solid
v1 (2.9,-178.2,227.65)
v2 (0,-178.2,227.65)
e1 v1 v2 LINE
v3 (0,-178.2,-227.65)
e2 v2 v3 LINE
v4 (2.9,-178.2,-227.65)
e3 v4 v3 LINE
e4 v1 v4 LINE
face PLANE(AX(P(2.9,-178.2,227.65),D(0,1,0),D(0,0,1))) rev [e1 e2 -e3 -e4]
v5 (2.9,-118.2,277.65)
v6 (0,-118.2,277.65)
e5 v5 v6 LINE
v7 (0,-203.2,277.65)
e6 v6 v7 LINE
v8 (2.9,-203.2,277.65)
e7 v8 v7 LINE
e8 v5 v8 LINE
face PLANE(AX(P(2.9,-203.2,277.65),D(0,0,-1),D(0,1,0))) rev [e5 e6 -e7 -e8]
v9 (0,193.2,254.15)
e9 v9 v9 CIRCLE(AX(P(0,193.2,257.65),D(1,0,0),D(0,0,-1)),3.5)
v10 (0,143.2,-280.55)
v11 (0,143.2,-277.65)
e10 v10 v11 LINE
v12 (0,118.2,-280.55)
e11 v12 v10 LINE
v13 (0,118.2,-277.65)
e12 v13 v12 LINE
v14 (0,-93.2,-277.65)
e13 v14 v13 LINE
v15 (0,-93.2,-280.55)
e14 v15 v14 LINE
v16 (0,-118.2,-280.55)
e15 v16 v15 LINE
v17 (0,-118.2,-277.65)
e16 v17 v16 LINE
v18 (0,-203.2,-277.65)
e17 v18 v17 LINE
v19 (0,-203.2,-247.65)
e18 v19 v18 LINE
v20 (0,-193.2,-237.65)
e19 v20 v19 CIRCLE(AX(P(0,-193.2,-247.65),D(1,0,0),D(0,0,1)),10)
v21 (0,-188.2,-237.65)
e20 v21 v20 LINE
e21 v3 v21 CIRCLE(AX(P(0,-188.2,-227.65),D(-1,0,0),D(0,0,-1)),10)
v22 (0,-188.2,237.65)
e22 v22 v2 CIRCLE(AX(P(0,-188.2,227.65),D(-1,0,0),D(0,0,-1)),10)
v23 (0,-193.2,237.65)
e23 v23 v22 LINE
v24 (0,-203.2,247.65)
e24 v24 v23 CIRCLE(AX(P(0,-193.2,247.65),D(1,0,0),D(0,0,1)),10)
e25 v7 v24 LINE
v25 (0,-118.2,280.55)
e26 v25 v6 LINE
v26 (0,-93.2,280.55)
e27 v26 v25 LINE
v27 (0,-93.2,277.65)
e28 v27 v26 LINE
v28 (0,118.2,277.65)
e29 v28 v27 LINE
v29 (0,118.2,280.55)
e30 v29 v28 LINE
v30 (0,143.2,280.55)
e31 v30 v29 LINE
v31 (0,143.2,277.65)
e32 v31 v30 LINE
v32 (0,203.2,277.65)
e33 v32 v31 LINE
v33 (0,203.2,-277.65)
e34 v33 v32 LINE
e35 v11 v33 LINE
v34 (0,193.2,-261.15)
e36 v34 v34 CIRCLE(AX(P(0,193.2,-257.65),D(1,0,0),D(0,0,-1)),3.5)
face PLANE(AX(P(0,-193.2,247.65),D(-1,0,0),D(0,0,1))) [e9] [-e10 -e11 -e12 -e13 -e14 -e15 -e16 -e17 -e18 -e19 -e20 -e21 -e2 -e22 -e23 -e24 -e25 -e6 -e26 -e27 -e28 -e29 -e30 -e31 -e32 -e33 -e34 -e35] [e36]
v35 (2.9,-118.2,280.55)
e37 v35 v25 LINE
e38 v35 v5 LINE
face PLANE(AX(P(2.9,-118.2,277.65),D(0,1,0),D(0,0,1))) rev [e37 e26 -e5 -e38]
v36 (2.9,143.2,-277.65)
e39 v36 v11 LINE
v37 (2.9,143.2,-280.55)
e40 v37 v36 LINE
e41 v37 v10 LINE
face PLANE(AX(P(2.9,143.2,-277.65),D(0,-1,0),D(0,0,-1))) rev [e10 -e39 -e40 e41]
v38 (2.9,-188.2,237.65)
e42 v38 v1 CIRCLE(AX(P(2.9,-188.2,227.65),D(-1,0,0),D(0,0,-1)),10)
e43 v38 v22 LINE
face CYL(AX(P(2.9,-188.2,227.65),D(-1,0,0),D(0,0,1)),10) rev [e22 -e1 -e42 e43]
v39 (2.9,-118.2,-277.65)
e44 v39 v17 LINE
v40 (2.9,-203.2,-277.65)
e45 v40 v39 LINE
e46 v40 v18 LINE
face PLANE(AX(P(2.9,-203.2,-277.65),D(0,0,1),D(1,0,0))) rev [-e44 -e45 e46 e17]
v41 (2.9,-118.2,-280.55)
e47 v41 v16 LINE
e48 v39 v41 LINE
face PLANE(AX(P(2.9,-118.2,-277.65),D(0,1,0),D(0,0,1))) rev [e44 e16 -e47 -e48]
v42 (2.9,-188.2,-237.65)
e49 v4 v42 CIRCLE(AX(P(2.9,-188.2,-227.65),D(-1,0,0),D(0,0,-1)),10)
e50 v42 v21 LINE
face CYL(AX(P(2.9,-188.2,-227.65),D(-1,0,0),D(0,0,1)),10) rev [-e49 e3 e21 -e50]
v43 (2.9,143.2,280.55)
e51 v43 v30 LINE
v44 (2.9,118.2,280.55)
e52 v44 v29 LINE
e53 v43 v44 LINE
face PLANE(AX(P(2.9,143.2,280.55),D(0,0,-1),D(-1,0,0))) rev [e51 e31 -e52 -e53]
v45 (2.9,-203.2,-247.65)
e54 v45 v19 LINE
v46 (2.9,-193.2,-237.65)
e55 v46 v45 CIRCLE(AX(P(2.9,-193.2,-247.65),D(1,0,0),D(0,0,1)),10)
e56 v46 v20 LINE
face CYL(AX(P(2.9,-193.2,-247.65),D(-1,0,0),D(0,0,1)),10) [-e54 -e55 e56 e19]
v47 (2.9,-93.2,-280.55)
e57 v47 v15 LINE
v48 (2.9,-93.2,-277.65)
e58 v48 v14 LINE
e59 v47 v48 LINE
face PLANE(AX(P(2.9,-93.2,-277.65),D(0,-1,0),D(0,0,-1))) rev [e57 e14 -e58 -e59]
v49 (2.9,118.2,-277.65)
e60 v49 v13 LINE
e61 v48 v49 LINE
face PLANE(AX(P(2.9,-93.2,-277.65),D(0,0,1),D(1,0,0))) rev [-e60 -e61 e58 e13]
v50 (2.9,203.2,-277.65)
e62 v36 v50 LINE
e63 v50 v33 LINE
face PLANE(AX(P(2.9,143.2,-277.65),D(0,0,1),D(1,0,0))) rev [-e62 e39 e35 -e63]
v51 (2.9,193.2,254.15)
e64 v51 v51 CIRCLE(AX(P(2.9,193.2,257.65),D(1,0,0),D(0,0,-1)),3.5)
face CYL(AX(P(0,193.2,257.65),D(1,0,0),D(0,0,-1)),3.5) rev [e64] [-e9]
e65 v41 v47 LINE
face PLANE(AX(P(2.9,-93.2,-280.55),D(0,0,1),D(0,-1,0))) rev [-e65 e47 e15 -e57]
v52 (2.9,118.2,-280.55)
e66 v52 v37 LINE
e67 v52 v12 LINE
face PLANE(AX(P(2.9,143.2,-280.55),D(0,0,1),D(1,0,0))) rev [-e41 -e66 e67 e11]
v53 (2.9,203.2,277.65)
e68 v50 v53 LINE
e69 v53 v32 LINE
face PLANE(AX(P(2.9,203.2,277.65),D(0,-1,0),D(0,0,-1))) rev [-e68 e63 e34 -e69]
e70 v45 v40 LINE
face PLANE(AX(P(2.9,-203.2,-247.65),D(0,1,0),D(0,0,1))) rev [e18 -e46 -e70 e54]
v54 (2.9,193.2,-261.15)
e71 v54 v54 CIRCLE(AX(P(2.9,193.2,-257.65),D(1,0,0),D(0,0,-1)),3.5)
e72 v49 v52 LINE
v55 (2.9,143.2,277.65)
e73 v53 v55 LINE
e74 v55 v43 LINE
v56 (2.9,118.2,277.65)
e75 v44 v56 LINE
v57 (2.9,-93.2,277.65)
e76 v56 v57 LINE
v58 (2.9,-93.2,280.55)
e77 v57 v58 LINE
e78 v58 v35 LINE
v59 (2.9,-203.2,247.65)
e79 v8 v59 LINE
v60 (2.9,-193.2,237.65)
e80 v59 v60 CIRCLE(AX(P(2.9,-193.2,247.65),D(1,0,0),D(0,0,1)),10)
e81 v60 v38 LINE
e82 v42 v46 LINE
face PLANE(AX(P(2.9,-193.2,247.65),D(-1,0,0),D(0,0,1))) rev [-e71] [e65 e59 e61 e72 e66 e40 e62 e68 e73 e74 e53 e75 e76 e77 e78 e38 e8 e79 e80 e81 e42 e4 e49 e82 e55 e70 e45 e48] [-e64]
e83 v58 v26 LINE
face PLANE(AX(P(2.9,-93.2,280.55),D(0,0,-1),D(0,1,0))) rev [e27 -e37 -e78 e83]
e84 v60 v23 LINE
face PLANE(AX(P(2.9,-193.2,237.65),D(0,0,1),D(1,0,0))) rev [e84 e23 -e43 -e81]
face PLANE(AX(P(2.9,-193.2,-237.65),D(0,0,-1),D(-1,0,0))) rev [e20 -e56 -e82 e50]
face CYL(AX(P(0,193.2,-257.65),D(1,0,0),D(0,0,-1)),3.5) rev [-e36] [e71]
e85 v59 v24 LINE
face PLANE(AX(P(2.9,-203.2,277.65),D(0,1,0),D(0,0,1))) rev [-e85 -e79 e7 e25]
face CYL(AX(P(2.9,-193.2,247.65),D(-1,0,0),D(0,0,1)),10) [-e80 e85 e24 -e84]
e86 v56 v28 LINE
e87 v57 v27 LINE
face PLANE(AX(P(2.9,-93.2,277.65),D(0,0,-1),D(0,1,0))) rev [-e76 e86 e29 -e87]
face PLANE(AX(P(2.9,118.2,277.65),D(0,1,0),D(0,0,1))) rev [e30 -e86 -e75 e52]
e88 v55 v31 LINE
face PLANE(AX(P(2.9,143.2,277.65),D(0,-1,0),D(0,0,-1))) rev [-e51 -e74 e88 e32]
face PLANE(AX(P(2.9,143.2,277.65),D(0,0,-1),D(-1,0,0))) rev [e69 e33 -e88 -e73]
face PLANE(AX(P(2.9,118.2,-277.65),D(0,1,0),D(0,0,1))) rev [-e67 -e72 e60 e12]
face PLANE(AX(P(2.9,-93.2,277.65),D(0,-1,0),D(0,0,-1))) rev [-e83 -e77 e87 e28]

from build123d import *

# Parameters (mm, degrees)
BOSS_EXTRUDE1_DEPTH = 2.9
SKETCH2_R           = 3.5
CUT_EXTRUDE1_DEPTH  = 3.9


with BuildPart() as part:
    # Sketch1 → Boss-Extrude1 (new body)
    with BuildSketch(Plane(origin=(0, 0, 0), x_dir=(0, 0, -1), z_dir=(1, 0, 0))):
        with BuildLine():
            Line((247.65, -203.2), (277.65, -203.2))
            Line((277.65, -203.2), (277.65, -118.2))
            Line((277.65, -118.2), (280.55, -118.2))
            Line((280.55, -118.2), (280.55, -93.2))
            Line((280.55, -93.2), (277.65, -93.2))
            Line((277.65, -93.2), (277.65, 118.2))
            Line((277.65, 118.2), (280.55, 118.2))
            Line((280.55, 118.2), (280.55, 143.2))
            Line((280.55, 143.2), (277.65, 143.2))
            Line((277.65, 143.2), (277.65, 203.2))
            Line((277.65, 203.2), (-277.65, 203.2))
            Line((-277.65, 203.2), (-277.65, 143.2))
            Line((-277.65, 143.2), (-280.55, 143.2))
            Line((-280.55, 143.2), (-280.55, 118.2))
            Line((-280.55, 118.2), (-277.65, 118.2))
            Line((-277.65, 118.2), (-277.65, -93.2))
            Line((-277.65, -93.2), (-280.55, -93.2))
            Line((-280.55, -93.2), (-280.55, -118.2))
            Line((-280.55, -118.2), (-277.65, -118.2))
            Line((-277.65, -118.2), (-277.65, -203.2))
            Line((-277.65, -203.2), (-247.65, -203.2))
            ThreePointArc((-247.65, -203.2), (-240.578932188, -200.271067812), (-237.65, -193.2))
            Line((-237.65, -193.2), (-237.65, -188.2))
            ThreePointArc((-237.65, -188.2), (-234.721067812, -181.128932188), (-227.65, -178.2))
            Line((-227.65, -178.2), (227.65, -178.2))
            ThreePointArc((227.65, -178.2), (234.721067812, -181.128932188), (237.65, -188.2))
            Line((237.65, -188.2), (237.65, -193.2))
            ThreePointArc((237.65, -193.2), (240.578932188, -200.271067812), (247.65, -203.2))
        make_face()
    extrude(amount=BOSS_EXTRUDE1_DEPTH)

    # Sketch2 → Cut-Extrude1 (cut, through all)
    with BuildSketch(Plane(origin=(2.9, 0, 0), x_dir=(0, 0, -1), z_dir=(1, 0, 0))):
        with Locations((-257.65, 193.2)):
            Circle(SKETCH2_R)
        with Locations((257.65, 193.2)):
            Circle(SKETCH2_R)
    extrude(amount=-CUT_EXTRUDE1_DEPTH, mode=Mode.SUBTRACT)


solid = part.part
